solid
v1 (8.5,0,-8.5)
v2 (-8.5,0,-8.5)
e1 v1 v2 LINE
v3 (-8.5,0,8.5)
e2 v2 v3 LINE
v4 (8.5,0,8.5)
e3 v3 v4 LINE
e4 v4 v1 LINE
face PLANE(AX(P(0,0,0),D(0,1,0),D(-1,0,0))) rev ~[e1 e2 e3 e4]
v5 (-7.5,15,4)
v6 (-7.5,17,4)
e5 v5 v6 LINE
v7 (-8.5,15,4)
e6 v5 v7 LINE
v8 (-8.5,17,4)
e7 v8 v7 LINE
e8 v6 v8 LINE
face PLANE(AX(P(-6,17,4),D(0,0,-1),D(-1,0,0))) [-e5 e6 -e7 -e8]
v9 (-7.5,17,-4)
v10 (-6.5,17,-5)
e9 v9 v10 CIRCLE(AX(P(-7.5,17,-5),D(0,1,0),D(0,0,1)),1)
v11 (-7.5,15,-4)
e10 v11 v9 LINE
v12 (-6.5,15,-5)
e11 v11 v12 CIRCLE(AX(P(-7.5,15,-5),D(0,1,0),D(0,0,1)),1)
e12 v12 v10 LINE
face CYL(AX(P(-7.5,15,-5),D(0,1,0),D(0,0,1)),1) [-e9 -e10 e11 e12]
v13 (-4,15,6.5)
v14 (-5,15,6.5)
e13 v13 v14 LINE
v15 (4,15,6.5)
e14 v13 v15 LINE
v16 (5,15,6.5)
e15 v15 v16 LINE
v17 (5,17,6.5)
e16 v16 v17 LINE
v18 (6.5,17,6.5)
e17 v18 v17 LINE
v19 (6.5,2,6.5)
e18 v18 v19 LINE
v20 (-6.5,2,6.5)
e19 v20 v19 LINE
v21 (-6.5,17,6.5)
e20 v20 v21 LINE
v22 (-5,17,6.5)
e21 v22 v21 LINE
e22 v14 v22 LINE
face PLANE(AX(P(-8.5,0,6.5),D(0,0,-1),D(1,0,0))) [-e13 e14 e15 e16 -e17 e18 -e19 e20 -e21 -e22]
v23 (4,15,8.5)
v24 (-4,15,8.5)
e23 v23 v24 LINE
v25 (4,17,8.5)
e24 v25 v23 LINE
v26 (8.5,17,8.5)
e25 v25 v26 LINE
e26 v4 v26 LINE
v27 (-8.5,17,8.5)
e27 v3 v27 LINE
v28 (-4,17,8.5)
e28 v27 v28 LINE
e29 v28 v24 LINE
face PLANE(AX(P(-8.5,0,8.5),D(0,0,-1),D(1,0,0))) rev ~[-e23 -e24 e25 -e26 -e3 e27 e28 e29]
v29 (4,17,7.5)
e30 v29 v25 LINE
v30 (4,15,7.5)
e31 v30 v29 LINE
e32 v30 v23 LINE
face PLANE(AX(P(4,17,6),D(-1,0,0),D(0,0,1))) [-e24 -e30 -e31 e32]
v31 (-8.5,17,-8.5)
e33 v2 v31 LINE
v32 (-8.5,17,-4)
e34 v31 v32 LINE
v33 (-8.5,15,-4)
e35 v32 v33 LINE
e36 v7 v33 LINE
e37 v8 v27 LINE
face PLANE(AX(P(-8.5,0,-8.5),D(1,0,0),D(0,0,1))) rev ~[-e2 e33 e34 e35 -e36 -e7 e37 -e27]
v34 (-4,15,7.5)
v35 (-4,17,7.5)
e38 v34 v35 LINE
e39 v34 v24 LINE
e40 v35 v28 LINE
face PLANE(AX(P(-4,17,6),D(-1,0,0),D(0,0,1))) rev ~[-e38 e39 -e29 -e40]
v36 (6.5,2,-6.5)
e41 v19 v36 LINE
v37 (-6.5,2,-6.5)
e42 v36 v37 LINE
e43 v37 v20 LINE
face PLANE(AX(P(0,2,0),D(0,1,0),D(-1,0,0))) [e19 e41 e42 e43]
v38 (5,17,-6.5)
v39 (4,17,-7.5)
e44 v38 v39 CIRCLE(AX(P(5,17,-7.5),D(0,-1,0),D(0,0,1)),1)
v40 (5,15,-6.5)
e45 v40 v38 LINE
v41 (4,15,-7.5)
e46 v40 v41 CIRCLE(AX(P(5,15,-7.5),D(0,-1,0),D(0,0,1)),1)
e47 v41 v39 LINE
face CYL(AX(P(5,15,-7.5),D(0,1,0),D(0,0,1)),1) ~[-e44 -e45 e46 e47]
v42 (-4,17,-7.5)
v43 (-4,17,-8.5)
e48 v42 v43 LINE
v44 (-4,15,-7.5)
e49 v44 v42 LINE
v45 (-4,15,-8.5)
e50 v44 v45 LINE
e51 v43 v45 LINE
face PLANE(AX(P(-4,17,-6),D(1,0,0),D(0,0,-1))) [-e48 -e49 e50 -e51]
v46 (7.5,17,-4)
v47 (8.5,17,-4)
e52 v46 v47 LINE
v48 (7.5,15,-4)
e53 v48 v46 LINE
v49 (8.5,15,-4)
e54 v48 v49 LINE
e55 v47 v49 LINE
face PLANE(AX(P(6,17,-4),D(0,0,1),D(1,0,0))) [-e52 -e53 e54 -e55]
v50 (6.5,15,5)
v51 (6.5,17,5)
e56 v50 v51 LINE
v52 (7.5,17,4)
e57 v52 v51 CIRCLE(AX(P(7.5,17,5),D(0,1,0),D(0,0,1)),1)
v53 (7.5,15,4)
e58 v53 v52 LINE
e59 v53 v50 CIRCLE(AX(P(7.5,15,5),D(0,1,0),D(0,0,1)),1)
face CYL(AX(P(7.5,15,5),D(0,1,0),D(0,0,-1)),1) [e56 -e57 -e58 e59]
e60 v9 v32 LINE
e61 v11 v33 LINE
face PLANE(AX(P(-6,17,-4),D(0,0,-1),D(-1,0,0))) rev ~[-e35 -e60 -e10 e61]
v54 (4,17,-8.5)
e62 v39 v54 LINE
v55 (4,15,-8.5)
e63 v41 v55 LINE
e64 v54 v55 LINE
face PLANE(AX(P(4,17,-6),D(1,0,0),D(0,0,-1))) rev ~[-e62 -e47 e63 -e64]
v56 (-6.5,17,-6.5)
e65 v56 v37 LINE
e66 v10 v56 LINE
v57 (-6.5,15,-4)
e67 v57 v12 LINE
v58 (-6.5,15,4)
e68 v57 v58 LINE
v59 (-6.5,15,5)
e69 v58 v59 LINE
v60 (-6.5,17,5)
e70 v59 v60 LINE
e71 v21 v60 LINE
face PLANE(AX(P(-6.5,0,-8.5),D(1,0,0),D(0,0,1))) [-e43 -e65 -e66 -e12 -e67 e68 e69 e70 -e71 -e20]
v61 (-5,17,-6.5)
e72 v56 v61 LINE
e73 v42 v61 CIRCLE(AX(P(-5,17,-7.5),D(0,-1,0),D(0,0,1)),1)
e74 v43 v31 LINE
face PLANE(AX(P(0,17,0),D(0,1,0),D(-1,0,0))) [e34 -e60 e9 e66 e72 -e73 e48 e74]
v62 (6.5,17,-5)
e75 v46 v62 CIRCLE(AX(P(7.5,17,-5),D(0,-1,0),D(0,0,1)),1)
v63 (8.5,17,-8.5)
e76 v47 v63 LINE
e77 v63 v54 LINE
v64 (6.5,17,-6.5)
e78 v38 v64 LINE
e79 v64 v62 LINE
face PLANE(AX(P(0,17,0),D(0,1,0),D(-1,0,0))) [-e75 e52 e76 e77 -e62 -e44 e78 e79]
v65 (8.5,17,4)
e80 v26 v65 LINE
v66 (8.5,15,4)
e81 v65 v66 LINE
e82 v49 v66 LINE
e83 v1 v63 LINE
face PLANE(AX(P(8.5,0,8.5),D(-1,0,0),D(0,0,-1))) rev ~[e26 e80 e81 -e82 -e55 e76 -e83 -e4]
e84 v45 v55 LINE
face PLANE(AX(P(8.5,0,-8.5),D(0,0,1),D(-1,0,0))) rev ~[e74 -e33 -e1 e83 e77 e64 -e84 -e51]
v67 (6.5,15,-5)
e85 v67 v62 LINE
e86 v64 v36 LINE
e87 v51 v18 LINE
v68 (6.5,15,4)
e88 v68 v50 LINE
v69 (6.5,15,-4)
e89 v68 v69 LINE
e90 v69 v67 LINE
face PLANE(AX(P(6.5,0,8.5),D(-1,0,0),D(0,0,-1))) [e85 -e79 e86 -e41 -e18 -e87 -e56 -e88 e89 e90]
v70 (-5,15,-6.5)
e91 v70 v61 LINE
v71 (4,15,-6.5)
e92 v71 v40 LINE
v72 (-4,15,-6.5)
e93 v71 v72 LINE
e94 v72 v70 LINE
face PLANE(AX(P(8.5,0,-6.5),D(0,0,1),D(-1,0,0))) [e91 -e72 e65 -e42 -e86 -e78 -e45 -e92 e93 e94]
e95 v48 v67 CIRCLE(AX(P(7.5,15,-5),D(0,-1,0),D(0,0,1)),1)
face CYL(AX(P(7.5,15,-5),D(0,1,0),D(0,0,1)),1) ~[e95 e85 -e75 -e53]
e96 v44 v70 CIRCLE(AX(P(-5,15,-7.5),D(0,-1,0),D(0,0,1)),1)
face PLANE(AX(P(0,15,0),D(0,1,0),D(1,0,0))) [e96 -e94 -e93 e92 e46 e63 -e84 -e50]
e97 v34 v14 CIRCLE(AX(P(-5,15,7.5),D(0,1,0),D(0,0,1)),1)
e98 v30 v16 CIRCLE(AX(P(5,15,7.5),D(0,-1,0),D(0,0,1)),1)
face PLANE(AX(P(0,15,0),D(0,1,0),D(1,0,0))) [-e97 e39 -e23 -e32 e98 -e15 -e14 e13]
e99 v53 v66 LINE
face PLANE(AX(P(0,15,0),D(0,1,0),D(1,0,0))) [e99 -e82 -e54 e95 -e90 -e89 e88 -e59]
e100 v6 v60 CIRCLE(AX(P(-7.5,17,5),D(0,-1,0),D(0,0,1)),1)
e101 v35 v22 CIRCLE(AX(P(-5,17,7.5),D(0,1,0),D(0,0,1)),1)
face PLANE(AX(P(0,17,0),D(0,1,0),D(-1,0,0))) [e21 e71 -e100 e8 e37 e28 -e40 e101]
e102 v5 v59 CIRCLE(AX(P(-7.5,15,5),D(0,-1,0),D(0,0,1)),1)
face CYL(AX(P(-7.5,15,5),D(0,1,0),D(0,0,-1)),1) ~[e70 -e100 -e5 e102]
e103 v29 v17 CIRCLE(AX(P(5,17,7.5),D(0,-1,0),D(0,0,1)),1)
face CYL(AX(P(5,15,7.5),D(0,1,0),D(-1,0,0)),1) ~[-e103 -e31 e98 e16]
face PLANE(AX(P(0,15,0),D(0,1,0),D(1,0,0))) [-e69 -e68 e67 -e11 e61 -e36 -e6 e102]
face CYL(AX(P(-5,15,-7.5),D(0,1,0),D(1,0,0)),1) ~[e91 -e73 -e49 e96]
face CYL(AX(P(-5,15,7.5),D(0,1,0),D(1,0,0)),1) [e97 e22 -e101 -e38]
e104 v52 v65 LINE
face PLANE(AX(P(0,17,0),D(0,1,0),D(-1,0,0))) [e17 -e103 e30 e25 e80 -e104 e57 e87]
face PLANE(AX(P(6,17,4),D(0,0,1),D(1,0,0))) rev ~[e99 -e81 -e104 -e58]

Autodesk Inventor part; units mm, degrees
ref_plane "YZ Plane" through (0, 0, 0) normal (1, 0, 0) x (0, 1, 0)
ref_plane "XZ Plane" through (0, 0, 0) normal (0, 1, 0) x (-1, 0, 0)
ref_plane "XY Plane" through (0, 0, 0) normal (0, 0, 1) x (1, 0, 0)
sketch "Sketch1" plane through (0, 0, 0) normal (0, 1, 0) x (-1, 0, 0)
  line L0 (8.5, 8.5) -> (-8.5, 8.5)
  line L1 (-8.5, 8.5) -> (-8.5, -8.5)
  line L2 (-8.5, -8.5) -> (8.5, -8.5)
  line L3 (8.5, -8.5) -> (8.5, 8.5)
  line L4 (6.5, 6.5) -> (-6.5, 6.5) construction
  line L5 (-6.5, 6.5) -> (-6.5, -6.5) construction
  line L6 (-6.5, -6.5) -> (6.5, -6.5) construction
  line L7 (6.5, -6.5) -> (6.5, 6.5) construction
  point P0 (0, 0)
  point P1 (8.5, 0)
  point P2 (0, -6.5)
  point P3 (0, -8.5)
  point P4 (6.5, 0)
  dimension "d0" = 13
  dimension "d1" = 13
  dimension "d2" = 17
extrude "Extrusion1" add sketch "Sketch1" along normal blind 17
shell "Shell1" thickness 2 removed faces 1 at (2.8333, 17, 2.8333)
sketch "Sketch2" plane through (0, 17, 0) normal (0, 1, 0) x (1, 0, 0)
  line L0 (6, -4) -> (8.5, -4)
  line L1 (4, -6) -> (4, -8.5)
  line L2 (0, -12.5225) -> (0, 10.2466) construction
  line L3 (-9.8637, 0) -> (11.1563, 0) construction
  line L4 (4, -8.5) -> (0, -8.5)
  line L5 (0, -8.5) -> (4, -8.5) construction
  line L6 (-8.5, -8.5) -> (8.5, -8.5) construction
  line L7 (6, 4) -> (8.5, 4)
  line L8 (8.5, 4) -> (8.5, 0)
  line L9 (4, 6) -> (4, 8.5)
  line L10 (4, 8.5) -> (0, 8.5)
  line L11 (8.5, -4) -> (8.5, 4)
  line L12 (-6, -4) -> (-8.5, -4)
  line L13 (-4, -6) -> (-4, -8.5)
  line L14 (-4, -8.5) -> (0, -8.5)
  line L15 (-4, 8.5) -> (0, 8.5)
  line L16 (-4, 6) -> (-4, 8.5)
  line L17 (-6, 4) -> (-8.5, 4)
  line L18 (-8.5, 4) -> (-8.5, 0)
  line L19 (-8.5, -4) -> (-8.5, 4)
  arc A0 (-4, -6) -> (-6, -4) centre (-6, -6) ccw
  arc A1 (-6, 4) -> (-4, 6) centre (-6, 6) ccw
  arc A2 (4, 6) -> (6, 4) centre (6, 6) ccw
  arc A3 (6, -4) -> (4, -6) centre (6, -6) ccw
  point P0 (0, 0)
  point P1 (4, -4)
  point P2 (4, 4)
  point P3 (-4, -4)
  point P4 (-11.1563, 0)
  point P5 (-4, 4)
  dimension "d6" = 4
  dimension "d7" = 4
  dimension "d8" = 2
extrude "Extrusion2" cut sketch "Sketch2" against normal blind 2
fillet "Fillet1" radius 1 8 edges at (-6.5, 16, 4) (-4, 16, 6.5) (-6.5, 16, -4) (-4, 16, -6.5) (4, 16, -6.5) (6.5, 16, -4) (6.5, 16, 4) (4, 16, 6.5)
equation "\"d3\" = d2"
equation "\"d7\" = d6"
properties part number "reference_magnet_box"
